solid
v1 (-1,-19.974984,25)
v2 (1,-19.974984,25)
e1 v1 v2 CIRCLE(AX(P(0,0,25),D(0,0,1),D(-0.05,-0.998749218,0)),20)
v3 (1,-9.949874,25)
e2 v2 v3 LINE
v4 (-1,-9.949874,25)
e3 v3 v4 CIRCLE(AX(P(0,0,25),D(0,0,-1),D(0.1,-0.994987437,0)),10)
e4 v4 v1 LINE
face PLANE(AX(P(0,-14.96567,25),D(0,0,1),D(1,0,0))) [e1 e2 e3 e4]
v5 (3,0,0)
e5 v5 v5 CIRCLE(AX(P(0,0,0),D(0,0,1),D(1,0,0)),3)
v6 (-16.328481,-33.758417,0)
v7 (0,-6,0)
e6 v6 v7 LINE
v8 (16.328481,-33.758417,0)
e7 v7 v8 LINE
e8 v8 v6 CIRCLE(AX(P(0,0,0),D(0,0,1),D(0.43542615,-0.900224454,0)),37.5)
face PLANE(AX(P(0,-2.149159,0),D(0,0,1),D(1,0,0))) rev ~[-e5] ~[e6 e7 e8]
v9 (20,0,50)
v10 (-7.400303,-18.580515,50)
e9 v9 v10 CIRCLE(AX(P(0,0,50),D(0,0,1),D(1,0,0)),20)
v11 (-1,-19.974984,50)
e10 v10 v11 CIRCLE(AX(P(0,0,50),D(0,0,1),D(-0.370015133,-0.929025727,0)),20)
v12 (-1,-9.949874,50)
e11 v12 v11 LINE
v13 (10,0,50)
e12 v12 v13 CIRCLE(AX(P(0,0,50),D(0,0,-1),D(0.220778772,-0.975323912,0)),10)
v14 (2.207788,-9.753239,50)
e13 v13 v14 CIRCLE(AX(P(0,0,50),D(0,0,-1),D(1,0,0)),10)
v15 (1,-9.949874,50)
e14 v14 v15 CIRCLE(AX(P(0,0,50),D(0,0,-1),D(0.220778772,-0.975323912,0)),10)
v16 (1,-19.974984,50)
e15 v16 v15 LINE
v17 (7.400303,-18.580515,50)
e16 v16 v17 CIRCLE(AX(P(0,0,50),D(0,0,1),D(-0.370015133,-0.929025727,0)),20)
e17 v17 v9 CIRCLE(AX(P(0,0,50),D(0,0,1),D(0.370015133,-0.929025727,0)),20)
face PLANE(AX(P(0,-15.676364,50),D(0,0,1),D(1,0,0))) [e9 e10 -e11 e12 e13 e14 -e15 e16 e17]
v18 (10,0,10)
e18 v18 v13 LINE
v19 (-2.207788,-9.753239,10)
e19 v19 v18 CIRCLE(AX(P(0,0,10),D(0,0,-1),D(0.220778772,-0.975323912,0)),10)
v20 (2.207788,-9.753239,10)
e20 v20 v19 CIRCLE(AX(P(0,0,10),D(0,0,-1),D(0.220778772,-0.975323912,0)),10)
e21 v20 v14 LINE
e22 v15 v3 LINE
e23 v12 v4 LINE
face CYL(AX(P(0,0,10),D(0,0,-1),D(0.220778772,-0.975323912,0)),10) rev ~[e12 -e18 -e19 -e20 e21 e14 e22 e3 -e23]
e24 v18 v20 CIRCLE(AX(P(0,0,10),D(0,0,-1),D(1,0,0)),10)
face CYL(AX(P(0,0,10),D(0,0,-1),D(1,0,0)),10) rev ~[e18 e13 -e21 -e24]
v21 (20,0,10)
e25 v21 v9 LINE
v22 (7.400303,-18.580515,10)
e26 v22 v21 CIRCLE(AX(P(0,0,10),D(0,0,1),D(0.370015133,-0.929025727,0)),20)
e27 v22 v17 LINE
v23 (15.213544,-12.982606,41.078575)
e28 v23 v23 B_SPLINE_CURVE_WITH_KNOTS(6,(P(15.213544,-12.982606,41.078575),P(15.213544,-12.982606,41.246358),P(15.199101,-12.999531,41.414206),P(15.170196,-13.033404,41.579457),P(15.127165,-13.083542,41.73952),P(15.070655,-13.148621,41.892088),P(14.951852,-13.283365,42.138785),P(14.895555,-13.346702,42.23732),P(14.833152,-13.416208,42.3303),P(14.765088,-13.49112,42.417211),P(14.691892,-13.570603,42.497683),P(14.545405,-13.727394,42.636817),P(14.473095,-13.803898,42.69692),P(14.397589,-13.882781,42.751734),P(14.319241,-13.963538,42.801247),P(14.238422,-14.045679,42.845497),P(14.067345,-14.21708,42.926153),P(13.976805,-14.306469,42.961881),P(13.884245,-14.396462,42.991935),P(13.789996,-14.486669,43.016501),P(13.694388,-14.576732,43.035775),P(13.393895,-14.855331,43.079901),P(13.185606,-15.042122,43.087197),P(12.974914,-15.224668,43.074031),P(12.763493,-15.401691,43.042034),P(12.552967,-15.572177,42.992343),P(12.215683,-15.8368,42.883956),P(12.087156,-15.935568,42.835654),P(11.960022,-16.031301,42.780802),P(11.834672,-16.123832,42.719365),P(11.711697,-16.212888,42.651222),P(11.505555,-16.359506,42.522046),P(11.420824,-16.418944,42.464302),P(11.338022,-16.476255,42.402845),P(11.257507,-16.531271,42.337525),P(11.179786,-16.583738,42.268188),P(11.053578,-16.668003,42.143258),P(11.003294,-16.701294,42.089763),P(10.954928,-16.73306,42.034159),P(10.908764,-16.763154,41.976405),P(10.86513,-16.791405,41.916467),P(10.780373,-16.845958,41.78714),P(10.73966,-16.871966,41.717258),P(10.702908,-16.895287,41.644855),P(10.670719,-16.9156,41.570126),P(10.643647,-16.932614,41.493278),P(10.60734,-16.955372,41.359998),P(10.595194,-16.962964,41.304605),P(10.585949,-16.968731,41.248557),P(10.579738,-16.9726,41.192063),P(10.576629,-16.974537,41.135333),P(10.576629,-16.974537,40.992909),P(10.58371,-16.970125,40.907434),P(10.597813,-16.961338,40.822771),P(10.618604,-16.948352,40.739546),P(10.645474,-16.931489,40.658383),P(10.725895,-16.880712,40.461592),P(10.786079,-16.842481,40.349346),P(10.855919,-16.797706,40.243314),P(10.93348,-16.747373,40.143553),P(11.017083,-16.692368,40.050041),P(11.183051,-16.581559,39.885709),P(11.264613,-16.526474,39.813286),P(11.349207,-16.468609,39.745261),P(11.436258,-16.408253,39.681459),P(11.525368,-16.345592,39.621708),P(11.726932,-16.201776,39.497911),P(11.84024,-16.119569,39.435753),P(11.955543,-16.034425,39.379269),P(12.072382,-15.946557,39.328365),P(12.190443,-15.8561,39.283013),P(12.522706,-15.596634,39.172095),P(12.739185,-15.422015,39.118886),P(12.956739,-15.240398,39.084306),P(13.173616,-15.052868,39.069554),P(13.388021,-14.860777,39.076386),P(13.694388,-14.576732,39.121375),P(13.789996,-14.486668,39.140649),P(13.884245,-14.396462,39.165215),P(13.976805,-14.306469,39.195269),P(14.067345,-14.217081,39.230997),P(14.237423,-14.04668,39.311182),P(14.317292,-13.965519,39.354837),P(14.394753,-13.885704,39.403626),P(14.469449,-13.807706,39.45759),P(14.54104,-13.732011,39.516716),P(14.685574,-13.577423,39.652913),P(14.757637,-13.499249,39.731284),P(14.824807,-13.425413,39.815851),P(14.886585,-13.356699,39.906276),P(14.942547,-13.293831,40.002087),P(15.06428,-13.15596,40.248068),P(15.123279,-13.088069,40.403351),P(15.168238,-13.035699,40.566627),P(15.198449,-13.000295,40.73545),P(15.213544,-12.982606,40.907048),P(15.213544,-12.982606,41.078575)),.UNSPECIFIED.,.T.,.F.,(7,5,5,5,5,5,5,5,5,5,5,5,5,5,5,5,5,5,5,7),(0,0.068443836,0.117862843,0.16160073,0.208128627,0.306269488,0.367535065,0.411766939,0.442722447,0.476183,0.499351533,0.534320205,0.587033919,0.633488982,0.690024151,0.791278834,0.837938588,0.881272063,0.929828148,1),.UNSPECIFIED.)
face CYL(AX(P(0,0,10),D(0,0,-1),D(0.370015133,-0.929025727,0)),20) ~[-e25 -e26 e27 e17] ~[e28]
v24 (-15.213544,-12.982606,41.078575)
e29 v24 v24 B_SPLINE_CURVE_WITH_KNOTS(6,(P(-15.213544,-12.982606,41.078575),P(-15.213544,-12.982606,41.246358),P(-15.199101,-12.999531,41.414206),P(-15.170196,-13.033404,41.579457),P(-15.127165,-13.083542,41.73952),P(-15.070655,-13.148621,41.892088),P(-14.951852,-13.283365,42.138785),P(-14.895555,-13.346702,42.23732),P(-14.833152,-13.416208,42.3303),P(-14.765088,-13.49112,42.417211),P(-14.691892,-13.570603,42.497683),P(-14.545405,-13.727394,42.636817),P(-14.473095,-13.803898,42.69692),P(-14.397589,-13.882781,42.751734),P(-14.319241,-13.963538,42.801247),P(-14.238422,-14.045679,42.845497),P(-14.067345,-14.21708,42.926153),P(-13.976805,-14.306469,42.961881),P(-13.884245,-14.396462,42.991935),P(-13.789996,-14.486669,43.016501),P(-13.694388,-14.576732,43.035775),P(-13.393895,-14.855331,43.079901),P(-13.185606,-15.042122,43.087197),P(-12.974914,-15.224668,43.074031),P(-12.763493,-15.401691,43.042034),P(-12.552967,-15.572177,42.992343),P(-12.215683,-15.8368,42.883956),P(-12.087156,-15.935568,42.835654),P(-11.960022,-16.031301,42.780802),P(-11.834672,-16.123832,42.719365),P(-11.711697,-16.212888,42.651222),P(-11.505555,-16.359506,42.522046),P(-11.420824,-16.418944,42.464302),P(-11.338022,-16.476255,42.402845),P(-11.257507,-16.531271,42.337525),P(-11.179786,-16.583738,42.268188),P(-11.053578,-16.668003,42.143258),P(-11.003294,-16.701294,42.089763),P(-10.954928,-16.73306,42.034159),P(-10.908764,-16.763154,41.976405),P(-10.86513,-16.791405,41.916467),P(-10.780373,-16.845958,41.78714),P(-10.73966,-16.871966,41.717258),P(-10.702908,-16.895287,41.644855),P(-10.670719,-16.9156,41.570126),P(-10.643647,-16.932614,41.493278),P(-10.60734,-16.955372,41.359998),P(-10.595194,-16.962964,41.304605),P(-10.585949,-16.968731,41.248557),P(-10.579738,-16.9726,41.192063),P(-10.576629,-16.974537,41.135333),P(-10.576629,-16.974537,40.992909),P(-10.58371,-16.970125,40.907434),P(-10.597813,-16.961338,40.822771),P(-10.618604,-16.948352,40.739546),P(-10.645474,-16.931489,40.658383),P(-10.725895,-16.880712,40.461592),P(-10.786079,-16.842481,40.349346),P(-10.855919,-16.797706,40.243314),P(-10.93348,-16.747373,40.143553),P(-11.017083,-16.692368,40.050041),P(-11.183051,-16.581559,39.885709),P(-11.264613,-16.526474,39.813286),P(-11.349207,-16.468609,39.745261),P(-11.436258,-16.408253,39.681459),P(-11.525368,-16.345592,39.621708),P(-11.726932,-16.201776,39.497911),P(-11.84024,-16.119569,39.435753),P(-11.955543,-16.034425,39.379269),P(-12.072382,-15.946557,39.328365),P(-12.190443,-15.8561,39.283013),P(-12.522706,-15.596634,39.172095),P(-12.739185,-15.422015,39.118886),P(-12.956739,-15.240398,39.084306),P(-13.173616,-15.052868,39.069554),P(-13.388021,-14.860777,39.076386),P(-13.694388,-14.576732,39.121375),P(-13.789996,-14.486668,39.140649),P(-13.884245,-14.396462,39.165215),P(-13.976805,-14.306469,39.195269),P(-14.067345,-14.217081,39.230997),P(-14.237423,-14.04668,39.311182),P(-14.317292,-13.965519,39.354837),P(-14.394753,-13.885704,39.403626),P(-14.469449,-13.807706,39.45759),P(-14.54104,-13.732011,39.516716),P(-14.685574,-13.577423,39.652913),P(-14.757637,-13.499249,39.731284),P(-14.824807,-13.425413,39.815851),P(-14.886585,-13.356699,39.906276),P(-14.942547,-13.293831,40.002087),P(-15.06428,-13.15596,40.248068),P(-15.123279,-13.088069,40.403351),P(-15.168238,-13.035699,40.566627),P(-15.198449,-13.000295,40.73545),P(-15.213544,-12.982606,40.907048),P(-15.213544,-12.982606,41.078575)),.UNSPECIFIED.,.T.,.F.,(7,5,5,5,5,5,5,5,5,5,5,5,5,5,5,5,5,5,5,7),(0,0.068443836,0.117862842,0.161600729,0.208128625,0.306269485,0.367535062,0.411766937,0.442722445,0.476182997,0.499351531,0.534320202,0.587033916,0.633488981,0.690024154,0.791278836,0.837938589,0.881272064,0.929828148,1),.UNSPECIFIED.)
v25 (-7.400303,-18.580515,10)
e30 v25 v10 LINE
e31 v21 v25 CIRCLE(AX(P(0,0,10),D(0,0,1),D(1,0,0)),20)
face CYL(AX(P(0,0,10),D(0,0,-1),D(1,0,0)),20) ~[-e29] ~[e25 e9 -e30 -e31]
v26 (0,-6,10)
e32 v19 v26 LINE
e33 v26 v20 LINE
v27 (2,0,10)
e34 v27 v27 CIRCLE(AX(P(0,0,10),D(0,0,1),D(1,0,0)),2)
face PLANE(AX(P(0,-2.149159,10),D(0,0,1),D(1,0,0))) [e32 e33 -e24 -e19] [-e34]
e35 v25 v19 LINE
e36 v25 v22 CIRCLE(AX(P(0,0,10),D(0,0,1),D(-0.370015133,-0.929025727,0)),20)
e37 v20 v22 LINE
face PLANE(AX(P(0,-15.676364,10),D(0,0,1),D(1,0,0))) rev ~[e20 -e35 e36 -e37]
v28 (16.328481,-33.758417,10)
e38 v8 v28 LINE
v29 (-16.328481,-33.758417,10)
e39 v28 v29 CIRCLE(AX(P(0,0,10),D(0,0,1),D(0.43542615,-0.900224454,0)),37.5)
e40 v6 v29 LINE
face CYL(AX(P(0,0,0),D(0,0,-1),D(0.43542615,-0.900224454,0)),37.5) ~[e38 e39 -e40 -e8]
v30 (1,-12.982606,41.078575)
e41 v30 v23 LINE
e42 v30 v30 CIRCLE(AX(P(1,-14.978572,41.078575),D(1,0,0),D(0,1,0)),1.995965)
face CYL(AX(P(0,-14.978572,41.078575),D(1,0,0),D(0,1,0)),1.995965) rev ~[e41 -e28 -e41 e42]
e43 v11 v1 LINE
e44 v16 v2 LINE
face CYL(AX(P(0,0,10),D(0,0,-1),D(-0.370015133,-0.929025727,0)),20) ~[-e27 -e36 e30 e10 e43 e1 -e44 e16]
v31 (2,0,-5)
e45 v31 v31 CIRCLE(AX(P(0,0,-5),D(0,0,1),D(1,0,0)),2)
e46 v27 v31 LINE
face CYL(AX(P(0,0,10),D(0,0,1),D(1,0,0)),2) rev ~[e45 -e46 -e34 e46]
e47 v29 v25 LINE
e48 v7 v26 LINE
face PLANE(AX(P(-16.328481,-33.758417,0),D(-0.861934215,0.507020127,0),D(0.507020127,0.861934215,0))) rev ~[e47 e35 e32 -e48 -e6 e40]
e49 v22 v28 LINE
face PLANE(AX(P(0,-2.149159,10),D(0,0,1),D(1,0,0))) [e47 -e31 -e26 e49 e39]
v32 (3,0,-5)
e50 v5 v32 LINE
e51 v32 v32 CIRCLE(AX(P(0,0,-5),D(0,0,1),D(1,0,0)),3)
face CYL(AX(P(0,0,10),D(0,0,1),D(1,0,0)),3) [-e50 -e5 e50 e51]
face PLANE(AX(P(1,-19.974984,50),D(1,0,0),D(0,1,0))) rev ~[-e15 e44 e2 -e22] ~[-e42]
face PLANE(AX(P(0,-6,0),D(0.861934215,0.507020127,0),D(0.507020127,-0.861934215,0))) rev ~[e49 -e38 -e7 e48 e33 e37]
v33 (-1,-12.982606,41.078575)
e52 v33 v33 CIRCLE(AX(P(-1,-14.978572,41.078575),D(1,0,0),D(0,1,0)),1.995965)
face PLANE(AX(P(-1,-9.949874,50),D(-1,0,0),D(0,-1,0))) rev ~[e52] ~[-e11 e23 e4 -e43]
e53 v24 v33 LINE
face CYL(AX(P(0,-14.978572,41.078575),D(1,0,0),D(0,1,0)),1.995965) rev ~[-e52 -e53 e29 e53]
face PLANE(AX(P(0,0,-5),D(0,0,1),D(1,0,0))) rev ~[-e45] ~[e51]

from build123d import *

# Parameters (mm, degrees)
F0_R     = 3
F1_DEPTH = 10
F3_DEPTH = 40
F5_DEPTH = 25
F6_R     = 3
F6_R_2   = 2
F7_DEPTH = 15
F8_R     = 1.9959654756
F9_DEPTH = 19.5


with BuildPart() as f1:
    # F0 (on Top) → F1 (new body)
    with BuildSketch(Plane.XY):
        with BuildLine():
            Line((0, -6), (16.3284806108, -33.7584170384))
            ThreePointArc((16.3284806108, -33.7584170384), (0, 37.5), (-16.3284806108, -33.7584170384))
            Line((-16.3284806108, -33.7584170384), (0, -6))
        make_face()
        Circle(F0_R, mode=Mode.SUBTRACT)
    extrude(amount=F1_DEPTH)

    # F2 (on face) → F3 (join)
    with BuildSketch(Plane.XY.offset(10)):
        with BuildLine():
            Line((-2.2077877193, -9.7532391228), (-7.4003026682, -18.5805145359))
            ThreePointArc((-7.4003026682, -18.5805145359), (0, -20), (7.4003026682, -18.5805145359))
            Line((7.4003026682, -18.5805145359), (2.2077877193, -9.7532391228))
            ThreePointArc((2.2077877193, -9.7532391228), (0, -10), (-2.2077877193, -9.7532391228))
        make_face()
        with BuildLine():
            ThreePointArc((7.4003026682, -18.5805145359), (16.5530367813, -11.2248373404), (20, 0))
            ThreePointArc((20, 0), (-11.2248373404, 16.5530367813), (-7.4003026682, -18.5805145359))
            Line((-7.4003026682, -18.5805145359), (-2.2077877193, -9.7532391228))
            ThreePointArc((-2.2077877193, -9.7532391228), (-6.2418796371, 7.8127420664), (10, 0))
            ThreePointArc((10, 0), (7.8127420664, -6.2418796371), (2.2077877193, -9.7532391228))
            Line((2.2077877193, -9.7532391228), (7.4003026682, -18.5805145359))
        make_face()
    extrude(amount=F3_DEPTH)

    # F4 (on face) → F5 (cut)
    with BuildSketch(Plane.XY.offset(50)):
        with BuildLine():
            ThreePointArc((-1, -19.9749843554), (0, -20), (1, -19.9749843554))
            Line((1, -19.9749843554), (1, -9.9498743711))
            ThreePointArc((1, -9.9498743711), (0, -10), (-1, -9.9498743711))
            Line((-1, -9.9498743711), (-1, -19.9749843554))
        make_face()
    extrude(amount=-F5_DEPTH, mode=Mode.SUBTRACT)

    # F6 (on face) → F7 (join)
    with BuildSketch(Plane.XY.offset(10)):
        Circle(F6_R)
        Circle(F6_R_2, mode=Mode.SUBTRACT)
    extrude(amount=-F7_DEPTH)

    # F8 (on Right) → F9 (cut, symmetric)
    with BuildSketch(Plane.YZ):
        with Locations((-14.9785717949, 41.0785749555)):
            Circle(F8_R)
    extrude(amount=F9_DEPTH, both=True, mode=Mode.SUBTRACT)


solid = f1.part
